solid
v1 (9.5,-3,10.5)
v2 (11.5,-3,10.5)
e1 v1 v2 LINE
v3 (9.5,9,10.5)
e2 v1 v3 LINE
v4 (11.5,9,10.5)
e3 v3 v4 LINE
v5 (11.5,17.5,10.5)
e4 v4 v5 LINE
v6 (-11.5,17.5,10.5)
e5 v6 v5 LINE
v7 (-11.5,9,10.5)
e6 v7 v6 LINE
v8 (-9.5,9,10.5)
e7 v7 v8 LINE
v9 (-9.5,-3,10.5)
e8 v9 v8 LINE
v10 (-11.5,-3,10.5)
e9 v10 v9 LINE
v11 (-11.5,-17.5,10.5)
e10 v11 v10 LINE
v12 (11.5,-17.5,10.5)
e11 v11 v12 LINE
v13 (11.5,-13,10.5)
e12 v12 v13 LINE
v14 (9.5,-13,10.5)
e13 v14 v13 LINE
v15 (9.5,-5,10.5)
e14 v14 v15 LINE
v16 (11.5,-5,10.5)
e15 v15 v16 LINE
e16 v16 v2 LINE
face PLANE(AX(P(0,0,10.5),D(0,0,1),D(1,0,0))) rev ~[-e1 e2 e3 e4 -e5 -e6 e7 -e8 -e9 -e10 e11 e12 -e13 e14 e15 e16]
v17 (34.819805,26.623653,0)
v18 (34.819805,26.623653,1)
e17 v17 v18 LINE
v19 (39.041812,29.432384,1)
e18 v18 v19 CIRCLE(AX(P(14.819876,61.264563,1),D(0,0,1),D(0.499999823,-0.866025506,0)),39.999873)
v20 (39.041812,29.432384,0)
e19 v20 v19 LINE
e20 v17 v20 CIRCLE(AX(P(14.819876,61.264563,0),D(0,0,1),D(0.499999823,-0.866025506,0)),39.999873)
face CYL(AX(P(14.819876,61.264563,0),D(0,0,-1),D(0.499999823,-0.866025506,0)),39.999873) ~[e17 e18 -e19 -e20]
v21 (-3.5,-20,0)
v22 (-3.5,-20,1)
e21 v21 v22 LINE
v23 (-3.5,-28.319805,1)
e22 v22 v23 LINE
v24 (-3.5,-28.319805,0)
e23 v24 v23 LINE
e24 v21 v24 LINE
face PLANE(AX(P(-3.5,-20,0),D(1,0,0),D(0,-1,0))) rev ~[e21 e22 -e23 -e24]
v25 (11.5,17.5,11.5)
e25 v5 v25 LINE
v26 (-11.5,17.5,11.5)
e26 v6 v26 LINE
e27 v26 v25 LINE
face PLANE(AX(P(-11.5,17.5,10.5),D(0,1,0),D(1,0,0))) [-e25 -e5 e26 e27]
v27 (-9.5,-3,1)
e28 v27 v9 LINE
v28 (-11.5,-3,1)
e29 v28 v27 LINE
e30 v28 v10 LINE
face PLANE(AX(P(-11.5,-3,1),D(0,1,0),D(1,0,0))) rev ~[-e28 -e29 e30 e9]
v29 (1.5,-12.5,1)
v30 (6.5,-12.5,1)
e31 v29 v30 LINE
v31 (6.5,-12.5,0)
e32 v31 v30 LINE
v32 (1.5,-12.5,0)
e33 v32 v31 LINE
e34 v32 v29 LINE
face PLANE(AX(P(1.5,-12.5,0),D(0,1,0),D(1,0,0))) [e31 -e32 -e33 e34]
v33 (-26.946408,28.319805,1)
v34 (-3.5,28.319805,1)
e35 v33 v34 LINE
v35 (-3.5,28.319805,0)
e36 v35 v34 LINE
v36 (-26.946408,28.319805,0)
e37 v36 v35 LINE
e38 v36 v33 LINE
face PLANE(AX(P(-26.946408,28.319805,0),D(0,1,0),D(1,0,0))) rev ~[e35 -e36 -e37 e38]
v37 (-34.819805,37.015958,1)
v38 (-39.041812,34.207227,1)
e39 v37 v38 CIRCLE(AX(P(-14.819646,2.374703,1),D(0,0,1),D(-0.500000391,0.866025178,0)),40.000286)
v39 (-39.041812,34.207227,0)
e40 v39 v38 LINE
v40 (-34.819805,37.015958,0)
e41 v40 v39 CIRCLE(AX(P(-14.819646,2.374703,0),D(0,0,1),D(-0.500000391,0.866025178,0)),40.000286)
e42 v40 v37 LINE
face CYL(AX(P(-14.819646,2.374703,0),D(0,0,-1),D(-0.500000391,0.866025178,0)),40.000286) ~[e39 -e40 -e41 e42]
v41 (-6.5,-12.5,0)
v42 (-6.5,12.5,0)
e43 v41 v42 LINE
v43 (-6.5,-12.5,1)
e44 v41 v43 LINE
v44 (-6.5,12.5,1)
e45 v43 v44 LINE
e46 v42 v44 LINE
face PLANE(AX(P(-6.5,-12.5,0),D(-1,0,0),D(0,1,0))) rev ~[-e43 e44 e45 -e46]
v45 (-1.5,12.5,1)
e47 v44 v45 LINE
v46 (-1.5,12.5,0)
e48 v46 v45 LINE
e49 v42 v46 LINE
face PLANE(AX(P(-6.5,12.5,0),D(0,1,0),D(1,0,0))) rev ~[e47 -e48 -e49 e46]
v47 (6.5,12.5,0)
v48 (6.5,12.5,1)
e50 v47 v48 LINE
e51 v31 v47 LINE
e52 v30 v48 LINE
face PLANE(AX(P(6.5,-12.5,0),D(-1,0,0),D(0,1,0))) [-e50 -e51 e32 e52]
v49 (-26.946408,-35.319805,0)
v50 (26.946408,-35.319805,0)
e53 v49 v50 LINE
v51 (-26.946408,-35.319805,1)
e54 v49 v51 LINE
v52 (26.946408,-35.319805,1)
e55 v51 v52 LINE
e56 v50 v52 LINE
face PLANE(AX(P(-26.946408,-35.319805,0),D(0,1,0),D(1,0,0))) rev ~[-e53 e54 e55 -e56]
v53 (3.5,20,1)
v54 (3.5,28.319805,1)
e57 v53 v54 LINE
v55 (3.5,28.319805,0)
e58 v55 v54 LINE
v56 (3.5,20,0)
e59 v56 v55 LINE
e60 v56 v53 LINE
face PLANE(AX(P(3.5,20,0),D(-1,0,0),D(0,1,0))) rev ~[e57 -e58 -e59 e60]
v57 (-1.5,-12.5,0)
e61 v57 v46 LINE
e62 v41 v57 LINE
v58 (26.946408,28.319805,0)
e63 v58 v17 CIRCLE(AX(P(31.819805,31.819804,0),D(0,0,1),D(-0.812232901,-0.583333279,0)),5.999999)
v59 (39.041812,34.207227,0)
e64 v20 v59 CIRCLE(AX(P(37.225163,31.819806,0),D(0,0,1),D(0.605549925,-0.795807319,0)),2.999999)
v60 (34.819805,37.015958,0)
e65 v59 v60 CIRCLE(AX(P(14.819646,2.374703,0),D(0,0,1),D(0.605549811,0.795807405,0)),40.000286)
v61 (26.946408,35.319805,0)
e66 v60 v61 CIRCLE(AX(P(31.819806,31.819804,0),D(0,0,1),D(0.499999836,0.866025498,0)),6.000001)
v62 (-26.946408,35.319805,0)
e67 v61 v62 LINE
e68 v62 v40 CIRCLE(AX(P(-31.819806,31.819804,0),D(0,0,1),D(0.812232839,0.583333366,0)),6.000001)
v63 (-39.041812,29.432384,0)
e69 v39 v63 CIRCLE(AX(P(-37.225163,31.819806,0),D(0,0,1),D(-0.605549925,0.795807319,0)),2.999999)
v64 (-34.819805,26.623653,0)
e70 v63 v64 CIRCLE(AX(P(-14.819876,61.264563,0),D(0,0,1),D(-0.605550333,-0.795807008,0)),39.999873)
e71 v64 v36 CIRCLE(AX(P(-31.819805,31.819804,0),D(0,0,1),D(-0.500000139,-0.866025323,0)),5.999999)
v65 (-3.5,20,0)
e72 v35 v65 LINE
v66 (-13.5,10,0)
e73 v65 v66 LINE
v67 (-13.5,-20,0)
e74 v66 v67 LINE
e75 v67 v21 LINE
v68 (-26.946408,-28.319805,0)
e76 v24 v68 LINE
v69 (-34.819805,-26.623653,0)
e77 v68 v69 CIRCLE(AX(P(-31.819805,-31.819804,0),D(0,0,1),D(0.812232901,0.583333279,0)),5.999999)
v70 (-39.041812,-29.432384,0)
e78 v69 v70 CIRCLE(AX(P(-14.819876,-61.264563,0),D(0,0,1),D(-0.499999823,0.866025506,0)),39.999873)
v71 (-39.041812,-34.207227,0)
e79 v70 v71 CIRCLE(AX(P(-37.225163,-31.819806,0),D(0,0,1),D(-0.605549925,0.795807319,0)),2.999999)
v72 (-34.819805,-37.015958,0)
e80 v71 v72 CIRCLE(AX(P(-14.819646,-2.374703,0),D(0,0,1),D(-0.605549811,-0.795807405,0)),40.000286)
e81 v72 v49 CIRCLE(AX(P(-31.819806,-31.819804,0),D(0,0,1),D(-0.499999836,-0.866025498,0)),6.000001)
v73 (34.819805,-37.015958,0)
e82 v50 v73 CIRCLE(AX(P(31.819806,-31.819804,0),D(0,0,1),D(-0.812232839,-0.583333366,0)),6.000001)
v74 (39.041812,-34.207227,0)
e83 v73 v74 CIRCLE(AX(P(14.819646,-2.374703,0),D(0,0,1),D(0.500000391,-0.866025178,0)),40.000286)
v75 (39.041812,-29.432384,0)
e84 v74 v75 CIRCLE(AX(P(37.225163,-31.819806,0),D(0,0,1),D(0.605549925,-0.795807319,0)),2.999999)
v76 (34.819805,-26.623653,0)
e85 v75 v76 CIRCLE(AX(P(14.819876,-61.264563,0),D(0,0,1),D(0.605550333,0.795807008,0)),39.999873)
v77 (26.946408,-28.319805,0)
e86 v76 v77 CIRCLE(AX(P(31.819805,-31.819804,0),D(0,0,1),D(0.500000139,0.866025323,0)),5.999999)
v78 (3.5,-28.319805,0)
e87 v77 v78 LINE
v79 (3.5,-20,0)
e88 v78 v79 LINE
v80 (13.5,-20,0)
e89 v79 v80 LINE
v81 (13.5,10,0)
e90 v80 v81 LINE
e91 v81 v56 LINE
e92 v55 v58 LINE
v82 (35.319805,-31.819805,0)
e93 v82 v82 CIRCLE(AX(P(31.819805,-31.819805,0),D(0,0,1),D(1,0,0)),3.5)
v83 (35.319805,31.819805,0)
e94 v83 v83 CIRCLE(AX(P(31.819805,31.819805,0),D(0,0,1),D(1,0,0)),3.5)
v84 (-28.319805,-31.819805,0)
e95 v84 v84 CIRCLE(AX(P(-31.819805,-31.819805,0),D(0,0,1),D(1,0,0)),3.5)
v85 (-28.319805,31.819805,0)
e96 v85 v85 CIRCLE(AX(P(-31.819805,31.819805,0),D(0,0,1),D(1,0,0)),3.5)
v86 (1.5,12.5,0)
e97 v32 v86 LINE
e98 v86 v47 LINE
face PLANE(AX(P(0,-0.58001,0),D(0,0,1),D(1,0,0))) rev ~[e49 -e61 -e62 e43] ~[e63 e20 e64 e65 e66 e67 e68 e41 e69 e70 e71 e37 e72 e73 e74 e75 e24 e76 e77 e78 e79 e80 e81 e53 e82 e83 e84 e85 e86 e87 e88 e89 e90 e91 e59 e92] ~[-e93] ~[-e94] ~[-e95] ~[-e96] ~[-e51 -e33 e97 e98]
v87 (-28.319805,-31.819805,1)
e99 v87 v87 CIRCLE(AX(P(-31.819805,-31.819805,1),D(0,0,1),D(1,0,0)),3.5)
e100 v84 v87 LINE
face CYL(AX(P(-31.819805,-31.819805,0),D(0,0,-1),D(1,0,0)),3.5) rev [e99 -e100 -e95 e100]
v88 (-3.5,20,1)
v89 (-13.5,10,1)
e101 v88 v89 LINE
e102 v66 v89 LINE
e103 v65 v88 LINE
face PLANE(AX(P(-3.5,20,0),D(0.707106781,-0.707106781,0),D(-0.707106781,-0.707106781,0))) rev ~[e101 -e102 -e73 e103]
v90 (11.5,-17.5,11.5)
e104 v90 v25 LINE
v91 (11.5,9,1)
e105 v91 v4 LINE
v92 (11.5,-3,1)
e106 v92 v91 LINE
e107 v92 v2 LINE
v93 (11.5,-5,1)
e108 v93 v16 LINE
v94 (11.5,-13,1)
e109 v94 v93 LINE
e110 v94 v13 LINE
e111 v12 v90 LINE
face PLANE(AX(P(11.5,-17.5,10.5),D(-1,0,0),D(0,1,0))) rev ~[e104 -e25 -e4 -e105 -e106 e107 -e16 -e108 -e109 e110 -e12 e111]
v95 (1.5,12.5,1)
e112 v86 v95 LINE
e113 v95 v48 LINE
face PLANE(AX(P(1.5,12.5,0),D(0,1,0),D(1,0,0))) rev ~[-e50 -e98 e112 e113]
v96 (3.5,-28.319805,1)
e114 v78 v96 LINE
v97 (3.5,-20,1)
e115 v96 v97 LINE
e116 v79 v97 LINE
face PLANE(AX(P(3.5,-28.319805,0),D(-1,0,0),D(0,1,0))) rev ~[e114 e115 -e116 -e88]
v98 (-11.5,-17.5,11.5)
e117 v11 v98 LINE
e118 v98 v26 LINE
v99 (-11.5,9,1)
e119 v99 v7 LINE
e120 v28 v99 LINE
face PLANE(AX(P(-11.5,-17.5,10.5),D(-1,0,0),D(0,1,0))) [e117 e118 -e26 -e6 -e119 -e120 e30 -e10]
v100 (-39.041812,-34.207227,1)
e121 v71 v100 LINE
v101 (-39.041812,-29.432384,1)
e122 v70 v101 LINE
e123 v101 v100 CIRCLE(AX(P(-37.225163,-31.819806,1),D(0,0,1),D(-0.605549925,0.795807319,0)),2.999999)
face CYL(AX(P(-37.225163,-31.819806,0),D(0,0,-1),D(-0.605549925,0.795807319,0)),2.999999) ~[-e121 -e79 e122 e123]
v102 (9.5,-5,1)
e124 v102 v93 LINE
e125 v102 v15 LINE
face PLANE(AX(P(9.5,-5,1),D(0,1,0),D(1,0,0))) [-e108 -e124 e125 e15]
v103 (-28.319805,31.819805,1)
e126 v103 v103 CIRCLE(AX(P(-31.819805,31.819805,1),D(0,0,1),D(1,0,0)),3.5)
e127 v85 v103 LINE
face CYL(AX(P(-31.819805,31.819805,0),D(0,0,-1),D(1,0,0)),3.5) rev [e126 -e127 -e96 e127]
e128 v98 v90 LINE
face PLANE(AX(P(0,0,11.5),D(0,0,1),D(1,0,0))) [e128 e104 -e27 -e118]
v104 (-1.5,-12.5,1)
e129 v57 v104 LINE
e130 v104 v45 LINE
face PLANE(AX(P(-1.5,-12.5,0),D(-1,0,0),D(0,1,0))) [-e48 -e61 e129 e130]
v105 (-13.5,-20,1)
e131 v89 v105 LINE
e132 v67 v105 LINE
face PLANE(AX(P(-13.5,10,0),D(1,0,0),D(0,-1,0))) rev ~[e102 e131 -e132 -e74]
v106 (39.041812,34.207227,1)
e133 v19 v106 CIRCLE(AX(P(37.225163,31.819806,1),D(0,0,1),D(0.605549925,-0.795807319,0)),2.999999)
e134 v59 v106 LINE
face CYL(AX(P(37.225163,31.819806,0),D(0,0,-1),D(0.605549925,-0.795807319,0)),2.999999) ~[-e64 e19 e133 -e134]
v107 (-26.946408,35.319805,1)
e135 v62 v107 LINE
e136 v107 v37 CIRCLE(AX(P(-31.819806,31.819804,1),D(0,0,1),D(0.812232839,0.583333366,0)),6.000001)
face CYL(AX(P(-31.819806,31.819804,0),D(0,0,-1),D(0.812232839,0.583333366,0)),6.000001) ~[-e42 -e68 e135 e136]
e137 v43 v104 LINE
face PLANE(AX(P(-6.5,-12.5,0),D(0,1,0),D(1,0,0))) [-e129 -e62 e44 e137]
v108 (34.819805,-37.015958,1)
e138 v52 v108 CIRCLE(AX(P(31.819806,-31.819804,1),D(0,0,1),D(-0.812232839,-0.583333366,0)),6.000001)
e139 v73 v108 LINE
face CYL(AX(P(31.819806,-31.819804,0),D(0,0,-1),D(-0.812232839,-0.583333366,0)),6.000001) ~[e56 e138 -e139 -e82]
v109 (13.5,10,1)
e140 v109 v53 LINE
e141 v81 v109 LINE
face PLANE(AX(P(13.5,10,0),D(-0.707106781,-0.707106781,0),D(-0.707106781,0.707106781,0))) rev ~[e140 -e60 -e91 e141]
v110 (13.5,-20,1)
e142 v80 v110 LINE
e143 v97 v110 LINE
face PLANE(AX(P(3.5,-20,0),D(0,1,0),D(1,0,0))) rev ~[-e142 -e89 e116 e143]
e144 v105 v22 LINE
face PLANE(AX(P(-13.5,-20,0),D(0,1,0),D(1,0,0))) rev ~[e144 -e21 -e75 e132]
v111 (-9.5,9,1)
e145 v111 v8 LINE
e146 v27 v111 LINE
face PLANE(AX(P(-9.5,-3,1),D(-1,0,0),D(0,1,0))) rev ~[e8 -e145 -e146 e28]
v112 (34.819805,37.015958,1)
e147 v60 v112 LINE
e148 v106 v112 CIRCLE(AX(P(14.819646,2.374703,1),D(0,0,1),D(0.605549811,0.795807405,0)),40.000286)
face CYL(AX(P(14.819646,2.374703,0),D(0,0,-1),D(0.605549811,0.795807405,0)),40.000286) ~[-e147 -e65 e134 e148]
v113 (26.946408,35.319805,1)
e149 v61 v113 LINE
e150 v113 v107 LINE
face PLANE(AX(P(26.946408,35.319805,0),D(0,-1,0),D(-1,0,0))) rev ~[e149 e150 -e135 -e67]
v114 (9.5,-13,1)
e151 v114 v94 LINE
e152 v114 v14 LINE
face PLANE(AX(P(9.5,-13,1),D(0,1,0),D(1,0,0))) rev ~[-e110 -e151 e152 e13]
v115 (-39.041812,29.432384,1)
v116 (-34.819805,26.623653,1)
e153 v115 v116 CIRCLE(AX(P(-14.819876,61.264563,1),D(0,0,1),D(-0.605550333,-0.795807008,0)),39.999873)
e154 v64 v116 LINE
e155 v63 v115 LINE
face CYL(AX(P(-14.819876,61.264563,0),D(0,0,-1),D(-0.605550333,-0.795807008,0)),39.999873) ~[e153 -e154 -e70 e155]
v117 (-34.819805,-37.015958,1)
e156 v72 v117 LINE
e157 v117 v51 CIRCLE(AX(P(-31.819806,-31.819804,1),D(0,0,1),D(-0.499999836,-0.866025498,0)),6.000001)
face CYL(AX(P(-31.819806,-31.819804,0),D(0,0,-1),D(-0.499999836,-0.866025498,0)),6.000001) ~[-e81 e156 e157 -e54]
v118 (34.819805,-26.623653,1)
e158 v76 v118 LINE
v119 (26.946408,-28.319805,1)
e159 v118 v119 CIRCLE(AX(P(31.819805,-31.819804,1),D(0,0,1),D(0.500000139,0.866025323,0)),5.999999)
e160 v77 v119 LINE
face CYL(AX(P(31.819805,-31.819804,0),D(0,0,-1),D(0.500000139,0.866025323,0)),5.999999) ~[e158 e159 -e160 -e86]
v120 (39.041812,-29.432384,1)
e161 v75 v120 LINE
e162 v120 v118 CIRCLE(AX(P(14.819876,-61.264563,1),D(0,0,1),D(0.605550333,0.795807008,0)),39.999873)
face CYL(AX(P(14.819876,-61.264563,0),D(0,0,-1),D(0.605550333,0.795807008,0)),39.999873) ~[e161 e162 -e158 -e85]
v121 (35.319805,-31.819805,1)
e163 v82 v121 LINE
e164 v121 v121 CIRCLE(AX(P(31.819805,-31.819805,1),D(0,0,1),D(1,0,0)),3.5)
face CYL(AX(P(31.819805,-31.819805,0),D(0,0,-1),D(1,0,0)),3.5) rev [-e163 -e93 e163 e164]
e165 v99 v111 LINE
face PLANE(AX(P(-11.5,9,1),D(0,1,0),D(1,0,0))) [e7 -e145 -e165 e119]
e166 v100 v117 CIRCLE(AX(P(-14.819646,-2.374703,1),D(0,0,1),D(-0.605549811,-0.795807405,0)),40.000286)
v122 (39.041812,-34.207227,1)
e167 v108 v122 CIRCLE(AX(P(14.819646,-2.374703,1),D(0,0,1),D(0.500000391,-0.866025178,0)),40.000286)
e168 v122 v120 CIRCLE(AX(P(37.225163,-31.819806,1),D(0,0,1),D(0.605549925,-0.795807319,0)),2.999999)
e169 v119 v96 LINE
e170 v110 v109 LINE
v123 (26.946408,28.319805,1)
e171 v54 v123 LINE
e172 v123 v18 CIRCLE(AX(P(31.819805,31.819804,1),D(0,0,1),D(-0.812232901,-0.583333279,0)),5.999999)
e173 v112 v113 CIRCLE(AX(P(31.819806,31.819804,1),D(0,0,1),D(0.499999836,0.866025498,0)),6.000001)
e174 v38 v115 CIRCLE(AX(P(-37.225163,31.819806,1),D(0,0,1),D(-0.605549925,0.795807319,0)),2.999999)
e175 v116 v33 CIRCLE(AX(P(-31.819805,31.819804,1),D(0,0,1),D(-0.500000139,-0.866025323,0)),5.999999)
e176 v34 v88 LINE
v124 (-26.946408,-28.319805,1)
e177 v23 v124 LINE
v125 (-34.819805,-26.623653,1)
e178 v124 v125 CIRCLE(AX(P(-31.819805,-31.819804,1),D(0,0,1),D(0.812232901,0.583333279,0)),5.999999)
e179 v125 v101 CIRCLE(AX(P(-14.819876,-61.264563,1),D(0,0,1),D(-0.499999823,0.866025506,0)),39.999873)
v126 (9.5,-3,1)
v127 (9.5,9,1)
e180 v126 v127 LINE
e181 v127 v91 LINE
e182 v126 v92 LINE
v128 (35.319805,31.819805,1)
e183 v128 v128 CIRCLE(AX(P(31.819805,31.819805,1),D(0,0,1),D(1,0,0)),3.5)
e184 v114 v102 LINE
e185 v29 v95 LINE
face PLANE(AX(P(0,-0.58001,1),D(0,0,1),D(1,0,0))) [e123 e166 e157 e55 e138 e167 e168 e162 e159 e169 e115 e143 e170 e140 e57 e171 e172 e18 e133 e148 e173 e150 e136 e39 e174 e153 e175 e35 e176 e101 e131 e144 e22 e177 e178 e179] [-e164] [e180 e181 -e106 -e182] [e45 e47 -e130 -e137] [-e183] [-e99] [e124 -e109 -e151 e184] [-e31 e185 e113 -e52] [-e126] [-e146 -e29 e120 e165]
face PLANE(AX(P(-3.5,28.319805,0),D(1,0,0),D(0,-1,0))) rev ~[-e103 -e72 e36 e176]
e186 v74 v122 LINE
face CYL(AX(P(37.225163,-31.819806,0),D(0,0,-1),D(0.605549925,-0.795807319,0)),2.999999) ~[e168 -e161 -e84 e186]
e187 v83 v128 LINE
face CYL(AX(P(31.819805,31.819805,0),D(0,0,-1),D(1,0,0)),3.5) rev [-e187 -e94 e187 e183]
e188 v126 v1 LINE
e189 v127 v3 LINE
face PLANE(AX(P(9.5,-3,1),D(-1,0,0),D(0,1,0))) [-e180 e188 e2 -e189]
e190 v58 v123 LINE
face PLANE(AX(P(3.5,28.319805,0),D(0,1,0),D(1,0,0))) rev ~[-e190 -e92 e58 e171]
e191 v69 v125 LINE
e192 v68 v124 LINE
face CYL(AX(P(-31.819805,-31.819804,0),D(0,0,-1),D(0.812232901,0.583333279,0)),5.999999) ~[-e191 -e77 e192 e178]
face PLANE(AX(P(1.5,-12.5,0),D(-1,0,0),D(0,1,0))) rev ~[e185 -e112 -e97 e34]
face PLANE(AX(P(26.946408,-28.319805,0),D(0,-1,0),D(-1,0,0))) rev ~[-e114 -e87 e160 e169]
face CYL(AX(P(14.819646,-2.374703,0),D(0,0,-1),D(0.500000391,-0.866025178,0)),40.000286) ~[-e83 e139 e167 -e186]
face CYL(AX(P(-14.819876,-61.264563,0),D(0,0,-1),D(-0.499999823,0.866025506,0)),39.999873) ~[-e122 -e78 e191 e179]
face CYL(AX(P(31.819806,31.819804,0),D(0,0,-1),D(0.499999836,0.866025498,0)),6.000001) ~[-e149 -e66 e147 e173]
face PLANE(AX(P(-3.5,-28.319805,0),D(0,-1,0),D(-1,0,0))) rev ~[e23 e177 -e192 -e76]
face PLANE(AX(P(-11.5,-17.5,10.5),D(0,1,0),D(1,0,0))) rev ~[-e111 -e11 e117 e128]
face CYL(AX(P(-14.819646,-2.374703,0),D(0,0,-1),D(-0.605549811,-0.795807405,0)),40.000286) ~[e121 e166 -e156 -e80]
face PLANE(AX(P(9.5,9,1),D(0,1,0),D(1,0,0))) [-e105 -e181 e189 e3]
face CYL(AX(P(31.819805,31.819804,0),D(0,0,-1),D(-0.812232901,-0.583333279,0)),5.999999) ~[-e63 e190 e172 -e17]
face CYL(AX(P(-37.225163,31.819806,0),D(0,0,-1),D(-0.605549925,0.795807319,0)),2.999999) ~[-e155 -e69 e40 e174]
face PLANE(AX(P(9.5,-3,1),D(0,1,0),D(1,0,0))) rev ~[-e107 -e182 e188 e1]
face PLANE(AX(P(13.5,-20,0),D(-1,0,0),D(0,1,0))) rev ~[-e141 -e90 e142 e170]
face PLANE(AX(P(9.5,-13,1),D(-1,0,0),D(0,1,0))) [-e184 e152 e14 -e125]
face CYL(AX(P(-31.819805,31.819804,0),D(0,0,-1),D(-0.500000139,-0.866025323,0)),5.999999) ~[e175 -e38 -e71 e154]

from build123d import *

# Parameters (mm, degrees)
F0_R     = 3.5
F0_W     = 5
F0_H     = 25
F1_DEPTH = 1
F2_W     = 2
F2_H     = 12
F2_H_2   = 8
F3_DEPTH = 9.5
F4_W     = 23
F4_H     = 35
F5_DEPTH = 1


with BuildPart() as f1:
    # F0 (on Top) → F1 (new body)
    with BuildSketch(Plane.XY):
        with BuildLine():
            Line((3.5, -20), (13.5, -20))
            Line((13.5, -20), (13.5, 10))
            Line((13.5, 10), (3.5, 20))
            Line((3.5, 20), (3.5, 28.319805))
            Line((3.5, 28.319805), (26.946408, 28.319805))
            ThreePointArc((26.946408, 28.319805), (30.556224, 25.954367), (34.819805, 26.623653))
            ThreePointArc((34.819805, 26.623653), (36.975362, 27.961046), (39.041812, 29.432384))
            ThreePointArc((39.041812, 29.432384), (40.225162, 31.819805), (39.041812, 34.207227))
            ThreePointArc((39.041812, 34.207227), (36.975362, 35.678564), (34.819805, 37.015958))
            ThreePointArc((34.819805, 37.015958), (30.556224, 37.685243), (26.946408, 35.319805))
            Line((26.946408, 35.319805), (-26.946408, 35.319805))
            ThreePointArc((-26.946408, 35.319805), (-30.556224, 37.685243), (-34.819805, 37.015958))
            ThreePointArc((-34.819805, 37.015958), (-36.975362, 35.678564), (-39.041812, 34.207227))
            ThreePointArc((-39.041812, 34.207227), (-40.225162, 31.819805), (-39.041812, 29.432384))
            ThreePointArc((-39.041812, 29.432384), (-36.975362, 27.961046), (-34.819805, 26.623653))
            ThreePointArc((-34.819805, 26.623653), (-30.556224, 25.954367), (-26.946408, 28.319805))
            Line((-26.946408, 28.319805), (-3.5, 28.319805))
            Line((-3.5, 28.319805), (-3.5, 20))
            Line((-3.5, 20), (-13.5, 10))
            Line((-13.5, 10), (-13.5, -20))
            Line((-13.5, -20), (-3.5, -20))
            Line((-3.5, -20), (-3.5, -28.319805))
            Line((-3.5, -28.319805), (-26.946408, -28.319805))
            ThreePointArc((-26.946408, -28.319805), (-30.556224, -25.954367), (-34.819805, -26.623653))
            ThreePointArc((-34.819805, -26.623653), (-36.975362, -27.961046), (-39.041812, -29.432384))
            ThreePointArc((-39.041812, -29.432384), (-40.225162, -31.819805), (-39.041812, -34.207227))
            ThreePointArc((-39.041812, -34.207227), (-36.975362, -35.678564), (-34.819805, -37.015958))
            ThreePointArc((-34.819805, -37.015958), (-30.556224, -37.685243), (-26.946408, -35.319805))
            Line((-26.946408, -35.319805), (26.946408, -35.319805))
            ThreePointArc((26.946408, -35.319805), (30.556224, -37.685243), (34.819805, -37.015958))
            ThreePointArc((34.819805, -37.015958), (36.975362, -35.678564), (39.041812, -34.207227))
            ThreePointArc((39.041812, -34.207227), (40.225162, -31.819805), (39.041812, -29.432384))
            ThreePointArc((39.041812, -29.432384), (36.975362, -27.961046), (34.819805, -26.623653))
            ThreePointArc((34.819805, -26.623653), (30.556224, -25.954367), (26.946408, -28.319805))
            Line((26.946408, -28.319805), (3.5, -28.319805))
            Line((3.5, -28.319805), (3.5, -20))
        make_face()
        with Locations((-31.819805, -31.819805)):
            Circle(F0_R, mode=Mode.SUBTRACT)
        with Locations((31.819805, -31.819805)):
            Circle(F0_R, mode=Mode.SUBTRACT)
        with Locations((-4, 0)):
            Rectangle(F0_W, F0_H, mode=Mode.SUBTRACT)
        with Locations((-31.819805, 31.819805)):
            Circle(F0_R, mode=Mode.SUBTRACT)
        with Locations((4, 0)):
            Rectangle(F0_W, F0_H, mode=Mode.SUBTRACT)
        with Locations((31.819805, 31.819805)):
            Circle(F0_R, mode=Mode.SUBTRACT)
    extrude(amount=F1_DEPTH)

    # F2 (on face) → F3 (join)
    with BuildSketch(Plane.XY.offset(1)):
        with Locations((-10.5, 3)):
            Rectangle(F2_W, F2_H)
        with Locations((10.5, 3)):
            Rectangle(F2_W, F2_H)
        with Locations((10.5, -9)):
            Rectangle(F2_W, F2_H_2)
    extrude(amount=F3_DEPTH)

    # F4 (on face) → F5 (join)
    with BuildSketch(Plane.XY.offset(10.5)):
        Rectangle(F4_W, F4_H)
    extrude(amount=F5_DEPTH)


solid = f1.part
